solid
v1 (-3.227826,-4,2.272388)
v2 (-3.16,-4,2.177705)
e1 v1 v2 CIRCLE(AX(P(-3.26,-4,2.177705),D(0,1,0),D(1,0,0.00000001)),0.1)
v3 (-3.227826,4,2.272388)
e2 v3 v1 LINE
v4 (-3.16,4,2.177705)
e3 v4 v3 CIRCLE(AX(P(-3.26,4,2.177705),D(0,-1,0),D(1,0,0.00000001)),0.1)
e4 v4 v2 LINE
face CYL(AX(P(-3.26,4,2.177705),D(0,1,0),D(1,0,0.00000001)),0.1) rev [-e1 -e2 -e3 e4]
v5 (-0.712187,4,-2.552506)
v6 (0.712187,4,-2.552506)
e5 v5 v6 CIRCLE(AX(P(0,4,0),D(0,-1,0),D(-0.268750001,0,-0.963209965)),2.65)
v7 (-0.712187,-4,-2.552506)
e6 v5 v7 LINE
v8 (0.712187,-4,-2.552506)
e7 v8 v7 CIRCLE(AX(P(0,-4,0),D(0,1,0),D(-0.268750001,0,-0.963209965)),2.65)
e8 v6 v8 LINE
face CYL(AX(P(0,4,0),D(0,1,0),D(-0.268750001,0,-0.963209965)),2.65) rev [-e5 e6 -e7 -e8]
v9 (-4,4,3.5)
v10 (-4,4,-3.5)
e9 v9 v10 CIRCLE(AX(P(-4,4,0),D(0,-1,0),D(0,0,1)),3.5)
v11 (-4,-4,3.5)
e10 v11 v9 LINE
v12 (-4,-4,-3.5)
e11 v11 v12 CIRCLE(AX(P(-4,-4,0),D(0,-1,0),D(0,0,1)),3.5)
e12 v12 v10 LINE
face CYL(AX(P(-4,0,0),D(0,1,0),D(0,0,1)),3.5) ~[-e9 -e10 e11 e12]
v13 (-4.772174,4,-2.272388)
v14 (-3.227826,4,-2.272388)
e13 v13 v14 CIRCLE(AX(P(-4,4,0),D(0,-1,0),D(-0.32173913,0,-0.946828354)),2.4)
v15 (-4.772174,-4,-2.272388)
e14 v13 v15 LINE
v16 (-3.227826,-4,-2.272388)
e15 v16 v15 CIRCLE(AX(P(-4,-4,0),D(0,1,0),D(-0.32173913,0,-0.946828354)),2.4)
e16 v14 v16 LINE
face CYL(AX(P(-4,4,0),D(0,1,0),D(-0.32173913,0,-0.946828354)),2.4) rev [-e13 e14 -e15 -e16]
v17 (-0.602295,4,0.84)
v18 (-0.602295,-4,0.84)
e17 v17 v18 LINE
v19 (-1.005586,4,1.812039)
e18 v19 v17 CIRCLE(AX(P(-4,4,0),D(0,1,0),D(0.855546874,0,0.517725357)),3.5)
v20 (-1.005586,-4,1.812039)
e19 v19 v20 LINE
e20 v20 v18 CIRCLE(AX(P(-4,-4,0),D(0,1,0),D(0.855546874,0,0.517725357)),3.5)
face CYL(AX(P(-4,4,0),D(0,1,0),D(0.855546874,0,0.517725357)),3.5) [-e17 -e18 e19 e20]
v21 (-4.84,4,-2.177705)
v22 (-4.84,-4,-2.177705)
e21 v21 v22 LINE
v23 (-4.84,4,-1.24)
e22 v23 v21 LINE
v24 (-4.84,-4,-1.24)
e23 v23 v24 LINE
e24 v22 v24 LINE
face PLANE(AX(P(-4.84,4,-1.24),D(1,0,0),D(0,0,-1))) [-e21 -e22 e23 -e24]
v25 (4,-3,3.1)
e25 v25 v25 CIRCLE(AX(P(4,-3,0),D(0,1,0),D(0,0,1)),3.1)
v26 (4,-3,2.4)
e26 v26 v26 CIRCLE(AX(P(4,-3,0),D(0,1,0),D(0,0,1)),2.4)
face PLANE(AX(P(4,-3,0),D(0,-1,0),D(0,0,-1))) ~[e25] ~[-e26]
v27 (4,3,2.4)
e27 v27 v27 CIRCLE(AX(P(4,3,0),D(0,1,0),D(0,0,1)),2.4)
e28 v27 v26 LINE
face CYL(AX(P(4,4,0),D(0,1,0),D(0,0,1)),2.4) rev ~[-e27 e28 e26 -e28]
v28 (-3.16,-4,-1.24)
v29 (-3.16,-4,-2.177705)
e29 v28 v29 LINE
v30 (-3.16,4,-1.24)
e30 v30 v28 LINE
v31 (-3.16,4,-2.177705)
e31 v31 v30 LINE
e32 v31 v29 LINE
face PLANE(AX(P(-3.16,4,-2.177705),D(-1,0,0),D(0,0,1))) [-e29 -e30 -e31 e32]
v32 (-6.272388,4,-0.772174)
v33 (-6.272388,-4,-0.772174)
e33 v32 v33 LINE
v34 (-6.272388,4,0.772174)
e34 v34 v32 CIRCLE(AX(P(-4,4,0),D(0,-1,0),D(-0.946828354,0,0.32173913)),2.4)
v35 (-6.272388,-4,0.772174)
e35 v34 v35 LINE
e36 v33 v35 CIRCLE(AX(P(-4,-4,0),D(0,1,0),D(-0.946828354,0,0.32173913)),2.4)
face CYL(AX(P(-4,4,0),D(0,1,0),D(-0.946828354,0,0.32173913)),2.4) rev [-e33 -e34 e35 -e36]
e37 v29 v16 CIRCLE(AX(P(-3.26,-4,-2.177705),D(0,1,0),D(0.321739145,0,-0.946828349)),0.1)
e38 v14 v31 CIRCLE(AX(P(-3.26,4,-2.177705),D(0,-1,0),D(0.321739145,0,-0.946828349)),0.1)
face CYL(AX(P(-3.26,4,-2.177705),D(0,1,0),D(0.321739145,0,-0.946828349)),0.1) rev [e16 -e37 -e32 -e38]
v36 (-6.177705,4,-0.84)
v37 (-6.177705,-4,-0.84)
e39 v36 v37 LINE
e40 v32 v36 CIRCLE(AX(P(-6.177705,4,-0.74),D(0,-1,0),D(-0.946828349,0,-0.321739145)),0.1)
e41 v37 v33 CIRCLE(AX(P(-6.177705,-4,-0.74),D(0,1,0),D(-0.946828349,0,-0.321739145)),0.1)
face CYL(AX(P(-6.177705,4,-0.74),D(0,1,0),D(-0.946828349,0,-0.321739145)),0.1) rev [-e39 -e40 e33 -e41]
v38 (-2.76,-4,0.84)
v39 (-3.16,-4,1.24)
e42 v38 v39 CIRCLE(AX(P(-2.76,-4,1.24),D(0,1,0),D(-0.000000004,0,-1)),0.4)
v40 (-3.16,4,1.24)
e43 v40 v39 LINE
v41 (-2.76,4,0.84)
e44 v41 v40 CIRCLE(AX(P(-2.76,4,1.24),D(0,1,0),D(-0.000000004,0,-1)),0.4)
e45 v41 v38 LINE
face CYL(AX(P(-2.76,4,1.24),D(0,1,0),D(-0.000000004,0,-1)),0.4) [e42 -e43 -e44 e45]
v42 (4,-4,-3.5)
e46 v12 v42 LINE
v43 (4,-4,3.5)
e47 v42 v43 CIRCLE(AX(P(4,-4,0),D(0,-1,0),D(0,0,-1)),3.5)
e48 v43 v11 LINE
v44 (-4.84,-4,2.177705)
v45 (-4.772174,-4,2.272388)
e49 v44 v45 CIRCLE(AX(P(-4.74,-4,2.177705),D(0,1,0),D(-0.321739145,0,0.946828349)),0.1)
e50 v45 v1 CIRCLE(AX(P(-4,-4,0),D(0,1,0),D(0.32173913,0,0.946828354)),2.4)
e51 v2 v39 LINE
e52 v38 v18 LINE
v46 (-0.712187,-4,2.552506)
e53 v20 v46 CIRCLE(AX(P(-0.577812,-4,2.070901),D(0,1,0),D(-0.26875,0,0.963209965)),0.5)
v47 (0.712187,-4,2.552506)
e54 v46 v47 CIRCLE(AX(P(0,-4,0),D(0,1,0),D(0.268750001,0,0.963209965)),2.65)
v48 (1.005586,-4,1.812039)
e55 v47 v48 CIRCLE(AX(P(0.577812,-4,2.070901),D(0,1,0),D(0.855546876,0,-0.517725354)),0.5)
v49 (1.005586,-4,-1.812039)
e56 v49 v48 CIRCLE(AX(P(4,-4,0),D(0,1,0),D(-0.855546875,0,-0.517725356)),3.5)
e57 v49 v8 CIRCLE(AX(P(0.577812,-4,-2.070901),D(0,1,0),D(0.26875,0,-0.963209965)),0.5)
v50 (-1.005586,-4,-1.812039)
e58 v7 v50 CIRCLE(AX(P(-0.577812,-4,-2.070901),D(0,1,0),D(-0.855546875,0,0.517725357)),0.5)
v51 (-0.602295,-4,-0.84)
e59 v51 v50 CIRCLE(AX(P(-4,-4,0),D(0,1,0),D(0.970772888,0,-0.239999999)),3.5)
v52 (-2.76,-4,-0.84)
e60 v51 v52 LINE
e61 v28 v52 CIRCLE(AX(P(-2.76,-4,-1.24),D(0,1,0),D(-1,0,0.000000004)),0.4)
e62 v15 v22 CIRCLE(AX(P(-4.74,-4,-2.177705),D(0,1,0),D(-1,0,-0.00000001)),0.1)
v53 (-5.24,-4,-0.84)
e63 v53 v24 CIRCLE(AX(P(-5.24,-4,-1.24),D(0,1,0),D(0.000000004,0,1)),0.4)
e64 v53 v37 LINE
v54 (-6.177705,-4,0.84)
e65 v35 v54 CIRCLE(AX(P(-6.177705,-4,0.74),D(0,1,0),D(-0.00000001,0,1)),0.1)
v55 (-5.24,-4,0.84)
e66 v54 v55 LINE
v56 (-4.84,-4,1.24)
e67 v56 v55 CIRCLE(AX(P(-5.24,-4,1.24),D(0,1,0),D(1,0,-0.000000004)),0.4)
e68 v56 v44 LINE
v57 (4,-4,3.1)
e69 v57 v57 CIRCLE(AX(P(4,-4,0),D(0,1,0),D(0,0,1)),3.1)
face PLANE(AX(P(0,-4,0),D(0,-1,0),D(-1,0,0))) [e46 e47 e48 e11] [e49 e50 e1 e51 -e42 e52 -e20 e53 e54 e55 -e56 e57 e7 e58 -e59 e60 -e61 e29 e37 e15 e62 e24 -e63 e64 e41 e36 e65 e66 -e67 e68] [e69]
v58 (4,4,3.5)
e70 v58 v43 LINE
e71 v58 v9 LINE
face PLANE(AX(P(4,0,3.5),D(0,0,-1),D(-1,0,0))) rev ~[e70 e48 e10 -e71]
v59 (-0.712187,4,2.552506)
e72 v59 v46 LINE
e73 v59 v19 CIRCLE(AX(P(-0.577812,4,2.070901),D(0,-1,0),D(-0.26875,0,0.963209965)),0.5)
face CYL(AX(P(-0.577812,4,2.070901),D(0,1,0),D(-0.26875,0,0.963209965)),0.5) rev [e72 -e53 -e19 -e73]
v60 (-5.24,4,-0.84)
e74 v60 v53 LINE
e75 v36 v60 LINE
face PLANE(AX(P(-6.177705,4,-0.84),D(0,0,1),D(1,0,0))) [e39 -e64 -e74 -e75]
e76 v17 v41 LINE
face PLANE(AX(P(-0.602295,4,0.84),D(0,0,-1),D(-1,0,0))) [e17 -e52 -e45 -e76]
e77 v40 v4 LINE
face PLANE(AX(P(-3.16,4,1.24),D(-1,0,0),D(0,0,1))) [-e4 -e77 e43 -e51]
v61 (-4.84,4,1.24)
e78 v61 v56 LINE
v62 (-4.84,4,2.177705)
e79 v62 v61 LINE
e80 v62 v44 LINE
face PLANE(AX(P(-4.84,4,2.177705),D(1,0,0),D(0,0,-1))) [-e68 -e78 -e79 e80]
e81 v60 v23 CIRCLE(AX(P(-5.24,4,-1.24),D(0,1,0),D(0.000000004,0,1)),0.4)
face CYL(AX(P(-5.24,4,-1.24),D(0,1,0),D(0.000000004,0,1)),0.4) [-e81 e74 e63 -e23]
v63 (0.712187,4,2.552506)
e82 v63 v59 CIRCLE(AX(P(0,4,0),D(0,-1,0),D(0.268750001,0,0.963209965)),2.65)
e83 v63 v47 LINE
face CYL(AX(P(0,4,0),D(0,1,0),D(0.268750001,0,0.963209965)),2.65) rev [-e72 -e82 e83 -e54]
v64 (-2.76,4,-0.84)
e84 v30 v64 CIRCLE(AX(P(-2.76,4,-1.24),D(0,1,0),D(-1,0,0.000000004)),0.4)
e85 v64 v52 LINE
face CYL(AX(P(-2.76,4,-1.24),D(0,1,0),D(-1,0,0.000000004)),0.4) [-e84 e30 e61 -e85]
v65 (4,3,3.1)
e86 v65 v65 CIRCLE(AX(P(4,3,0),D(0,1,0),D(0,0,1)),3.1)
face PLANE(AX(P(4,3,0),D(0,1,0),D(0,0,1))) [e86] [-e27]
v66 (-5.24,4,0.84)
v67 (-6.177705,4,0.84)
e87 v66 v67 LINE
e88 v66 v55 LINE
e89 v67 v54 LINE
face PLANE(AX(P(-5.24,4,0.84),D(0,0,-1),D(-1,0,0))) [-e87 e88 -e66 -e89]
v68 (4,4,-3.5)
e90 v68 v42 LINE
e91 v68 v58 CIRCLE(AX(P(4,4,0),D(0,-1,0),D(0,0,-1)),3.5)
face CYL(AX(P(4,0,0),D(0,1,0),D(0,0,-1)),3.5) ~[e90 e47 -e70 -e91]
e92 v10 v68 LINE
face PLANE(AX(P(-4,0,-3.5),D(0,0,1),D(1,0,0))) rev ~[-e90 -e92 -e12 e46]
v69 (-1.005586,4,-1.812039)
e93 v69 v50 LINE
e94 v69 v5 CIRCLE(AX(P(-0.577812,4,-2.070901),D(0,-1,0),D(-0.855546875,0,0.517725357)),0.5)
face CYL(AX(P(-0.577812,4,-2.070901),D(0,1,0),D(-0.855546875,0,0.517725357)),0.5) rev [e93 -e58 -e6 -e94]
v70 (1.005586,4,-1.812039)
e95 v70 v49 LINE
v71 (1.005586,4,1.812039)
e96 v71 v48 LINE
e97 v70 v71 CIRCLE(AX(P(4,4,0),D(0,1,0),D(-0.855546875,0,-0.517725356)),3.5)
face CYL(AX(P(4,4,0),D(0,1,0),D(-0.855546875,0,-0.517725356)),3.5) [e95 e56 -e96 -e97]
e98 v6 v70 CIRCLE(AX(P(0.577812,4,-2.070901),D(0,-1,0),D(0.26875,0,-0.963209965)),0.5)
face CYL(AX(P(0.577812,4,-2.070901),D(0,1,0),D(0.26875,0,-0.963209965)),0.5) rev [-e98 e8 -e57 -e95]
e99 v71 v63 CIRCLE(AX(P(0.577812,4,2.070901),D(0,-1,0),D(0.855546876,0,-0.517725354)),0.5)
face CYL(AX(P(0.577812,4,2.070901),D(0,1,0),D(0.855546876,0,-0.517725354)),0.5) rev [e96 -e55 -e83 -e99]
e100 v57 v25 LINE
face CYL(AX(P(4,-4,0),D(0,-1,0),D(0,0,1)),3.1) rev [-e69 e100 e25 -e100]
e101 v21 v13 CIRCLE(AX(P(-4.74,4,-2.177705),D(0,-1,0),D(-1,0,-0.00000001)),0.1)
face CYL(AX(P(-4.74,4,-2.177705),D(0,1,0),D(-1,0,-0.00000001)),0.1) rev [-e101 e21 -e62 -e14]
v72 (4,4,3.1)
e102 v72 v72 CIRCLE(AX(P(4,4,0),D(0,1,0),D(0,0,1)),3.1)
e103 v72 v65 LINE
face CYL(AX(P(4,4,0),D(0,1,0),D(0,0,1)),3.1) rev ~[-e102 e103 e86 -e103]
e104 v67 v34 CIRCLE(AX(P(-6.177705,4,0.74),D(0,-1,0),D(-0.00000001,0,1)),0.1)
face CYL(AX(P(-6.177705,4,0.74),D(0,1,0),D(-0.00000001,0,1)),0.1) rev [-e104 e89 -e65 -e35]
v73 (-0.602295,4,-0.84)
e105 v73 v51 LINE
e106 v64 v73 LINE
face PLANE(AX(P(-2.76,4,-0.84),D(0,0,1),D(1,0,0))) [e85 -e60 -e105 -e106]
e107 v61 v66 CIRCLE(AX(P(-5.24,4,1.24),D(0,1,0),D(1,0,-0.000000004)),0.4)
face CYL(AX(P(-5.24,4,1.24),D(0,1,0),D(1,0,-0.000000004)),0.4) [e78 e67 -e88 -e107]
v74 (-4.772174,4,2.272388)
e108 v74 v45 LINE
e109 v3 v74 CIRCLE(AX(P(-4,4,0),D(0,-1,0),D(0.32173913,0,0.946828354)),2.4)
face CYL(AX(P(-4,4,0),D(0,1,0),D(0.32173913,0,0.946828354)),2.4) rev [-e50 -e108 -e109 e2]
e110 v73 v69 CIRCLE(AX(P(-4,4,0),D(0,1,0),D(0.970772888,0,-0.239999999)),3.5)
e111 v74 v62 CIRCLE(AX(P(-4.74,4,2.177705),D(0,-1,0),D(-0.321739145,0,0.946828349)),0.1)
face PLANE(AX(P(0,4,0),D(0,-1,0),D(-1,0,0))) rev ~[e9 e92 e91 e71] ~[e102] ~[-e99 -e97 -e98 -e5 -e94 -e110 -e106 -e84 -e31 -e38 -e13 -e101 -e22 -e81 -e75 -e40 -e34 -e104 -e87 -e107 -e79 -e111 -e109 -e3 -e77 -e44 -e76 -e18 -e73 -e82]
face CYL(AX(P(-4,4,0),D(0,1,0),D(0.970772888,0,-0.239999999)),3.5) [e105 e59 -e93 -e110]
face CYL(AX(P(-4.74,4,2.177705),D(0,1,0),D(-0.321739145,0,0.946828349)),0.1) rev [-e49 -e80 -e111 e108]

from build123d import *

# Parameters (mm, degrees)
BOSS_EXTRUDE1_DEPTH = 4
SKETCH2_R           = 2.4
CUT_EXTRUDE1_DEPTH  = 12.510864433
SKETCH3_R           = 3.1
CUT_EXTRUDE2_DEPTH  = 1


with BuildPart() as part:
    # Sketch1 → Boss-Extrude1 (new, symmetric)
    with BuildSketch(Plane(origin=(0, 0, 0), x_dir=(1, 0, 0), z_dir=(0, 1, 0))):
        with BuildLine():
            Line((-4, 3.5), (4, 3.5))
            ThreePointArc((4, 3.5), (7.5, 0), (4, -3.5))
            Line((4, -3.5), (-4, -3.5))
            ThreePointArc((-4, -3.5), (-7.5, 0), (-4, 3.5))
        make_face()
    extrude(amount=BOSS_EXTRUDE1_DEPTH, both=True)

    # Sketch2 → Cut-Extrude1 (cut, through all)
    with BuildSketch(Plane(origin=(0, 4, 0), x_dir=(1, 0, 0), z_dir=(0, 1, 0))):
        with Locations(Location((4, 0, 0), (0, 0, 270))):
            Circle(SKETCH2_R)
        with BuildLine():
            Line((-4.84, -2.177705214), (-4.84, -1.24))
            ThreePointArc((-4.84, -1.24), (-4.957157288, -0.957157288), (-5.24, -0.84))
            Line((-5.24, -0.84), (-6.177705214, -0.84))
            ThreePointArc((-6.177705214, -0.84), (-6.235940121, -0.821293884), (-6.27238805, -0.772173913))
            ThreePointArc((-6.27238805, -0.772173913), (-6.4, 0), (-6.27238805, 0.772173913))
            ThreePointArc((-6.27238805, 0.772173913), (-6.235940121, 0.821293884), (-6.177705214, 0.84))
            Line((-6.177705214, 0.84), (-5.24, 0.84))
            ThreePointArc((-5.24, 0.84), (-4.957157288, 0.957157288), (-4.84, 1.24))
            Line((-4.84, 1.24), (-4.84, 2.177705214))
            ThreePointArc((-4.84, 2.177705214), (-4.821293884, 2.235940121), (-4.772173913, 2.27238805))
            ThreePointArc((-4.772173913, 2.27238805), (-4, 2.4), (-3.227826087, 2.27238805))
            ThreePointArc((-3.227826087, 2.27238805), (-3.178706116, 2.235940121), (-3.16, 2.177705214))
            Line((-3.16, 2.177705214), (-3.16, 1.24))
            ThreePointArc((-3.16, 1.24), (-3.042842712, 0.957157288), (-2.76, 0.84))
            Line((-2.76, 0.84), (-1.822294786, 0.84))
            Line((-1.822294786, 0.84), (-0.602294892, 0.84))
            ThreePointArc((-0.602294892, 0.84), (-0.767197546, 1.341263694), (-1.005585937, 1.812038747))
            ThreePointArc((-1.005585937, 1.812038747), (-1.042652048, 2.255086643), (-0.7121875, 2.552506408))
            ThreePointArc((-0.7121875, 2.552506408), (0, 2.65), (0.7121875, 2.552506408))
            ThreePointArc((0.7121875, 2.552506408), (1.042652048, 2.255086643), (1.005585937, 1.812038747))
            ThreePointArc((1.005585937, 1.812038747), (0.5, 0), (1.005585938, -1.812038747))
            ThreePointArc((1.005585938, -1.812038747), (1.042652048, -2.255086643), (0.7121875, -2.552506408))
            ThreePointArc((0.7121875, -2.552506408), (0, -2.65), (-0.7121875, -2.552506408))
            ThreePointArc((-0.7121875, -2.552506408), (-1.042652048, -2.255086643), (-1.005585937, -1.812038747))
            ThreePointArc((-1.005585937, -1.812038747), (-0.767197546, -1.341263694), (-0.602294892, -0.84))
            Line((-0.602294892, -0.84), (-1.822294786, -0.84))
            Line((-1.822294786, -0.84), (-2.76, -0.84))
            ThreePointArc((-2.76, -0.84), (-3.042842712, -0.957157288), (-3.16, -1.24))
            Line((-3.16, -1.24), (-3.16, -2.177705214))
            ThreePointArc((-3.16, -2.177705214), (-3.178706116, -2.235940121), (-3.227826087, -2.27238805))
            ThreePointArc((-3.227826087, -2.27238805), (-4, -2.4), (-4.772173913, -2.27238805))
            ThreePointArc((-4.772173913, -2.27238805), (-4.821293884, -2.235940121), (-4.84, -2.177705214))
        make_face()
    extrude(amount=-CUT_EXTRUDE1_DEPTH, mode=Mode.SUBTRACT)

    # Sketch3 → Cut-Extrude2 (cut)
    with BuildSketch(Plane(origin=(0, 4, 0), x_dir=(1, 0, 0), z_dir=(0, 1, 0))):
        with Locations(Location((4, 0, 0), (0, 0, 270))):
            Circle(SKETCH3_R)
    cut_extrude2 = extrude(amount=-CUT_EXTRUDE2_DEPTH, mode=Mode.SUBTRACT)

    # Mirror1: Cut-Extrude2 across plane
    add(cut_extrude2.mirror(Plane.ZX), mode=Mode.SUBTRACT)


solid = part.part
